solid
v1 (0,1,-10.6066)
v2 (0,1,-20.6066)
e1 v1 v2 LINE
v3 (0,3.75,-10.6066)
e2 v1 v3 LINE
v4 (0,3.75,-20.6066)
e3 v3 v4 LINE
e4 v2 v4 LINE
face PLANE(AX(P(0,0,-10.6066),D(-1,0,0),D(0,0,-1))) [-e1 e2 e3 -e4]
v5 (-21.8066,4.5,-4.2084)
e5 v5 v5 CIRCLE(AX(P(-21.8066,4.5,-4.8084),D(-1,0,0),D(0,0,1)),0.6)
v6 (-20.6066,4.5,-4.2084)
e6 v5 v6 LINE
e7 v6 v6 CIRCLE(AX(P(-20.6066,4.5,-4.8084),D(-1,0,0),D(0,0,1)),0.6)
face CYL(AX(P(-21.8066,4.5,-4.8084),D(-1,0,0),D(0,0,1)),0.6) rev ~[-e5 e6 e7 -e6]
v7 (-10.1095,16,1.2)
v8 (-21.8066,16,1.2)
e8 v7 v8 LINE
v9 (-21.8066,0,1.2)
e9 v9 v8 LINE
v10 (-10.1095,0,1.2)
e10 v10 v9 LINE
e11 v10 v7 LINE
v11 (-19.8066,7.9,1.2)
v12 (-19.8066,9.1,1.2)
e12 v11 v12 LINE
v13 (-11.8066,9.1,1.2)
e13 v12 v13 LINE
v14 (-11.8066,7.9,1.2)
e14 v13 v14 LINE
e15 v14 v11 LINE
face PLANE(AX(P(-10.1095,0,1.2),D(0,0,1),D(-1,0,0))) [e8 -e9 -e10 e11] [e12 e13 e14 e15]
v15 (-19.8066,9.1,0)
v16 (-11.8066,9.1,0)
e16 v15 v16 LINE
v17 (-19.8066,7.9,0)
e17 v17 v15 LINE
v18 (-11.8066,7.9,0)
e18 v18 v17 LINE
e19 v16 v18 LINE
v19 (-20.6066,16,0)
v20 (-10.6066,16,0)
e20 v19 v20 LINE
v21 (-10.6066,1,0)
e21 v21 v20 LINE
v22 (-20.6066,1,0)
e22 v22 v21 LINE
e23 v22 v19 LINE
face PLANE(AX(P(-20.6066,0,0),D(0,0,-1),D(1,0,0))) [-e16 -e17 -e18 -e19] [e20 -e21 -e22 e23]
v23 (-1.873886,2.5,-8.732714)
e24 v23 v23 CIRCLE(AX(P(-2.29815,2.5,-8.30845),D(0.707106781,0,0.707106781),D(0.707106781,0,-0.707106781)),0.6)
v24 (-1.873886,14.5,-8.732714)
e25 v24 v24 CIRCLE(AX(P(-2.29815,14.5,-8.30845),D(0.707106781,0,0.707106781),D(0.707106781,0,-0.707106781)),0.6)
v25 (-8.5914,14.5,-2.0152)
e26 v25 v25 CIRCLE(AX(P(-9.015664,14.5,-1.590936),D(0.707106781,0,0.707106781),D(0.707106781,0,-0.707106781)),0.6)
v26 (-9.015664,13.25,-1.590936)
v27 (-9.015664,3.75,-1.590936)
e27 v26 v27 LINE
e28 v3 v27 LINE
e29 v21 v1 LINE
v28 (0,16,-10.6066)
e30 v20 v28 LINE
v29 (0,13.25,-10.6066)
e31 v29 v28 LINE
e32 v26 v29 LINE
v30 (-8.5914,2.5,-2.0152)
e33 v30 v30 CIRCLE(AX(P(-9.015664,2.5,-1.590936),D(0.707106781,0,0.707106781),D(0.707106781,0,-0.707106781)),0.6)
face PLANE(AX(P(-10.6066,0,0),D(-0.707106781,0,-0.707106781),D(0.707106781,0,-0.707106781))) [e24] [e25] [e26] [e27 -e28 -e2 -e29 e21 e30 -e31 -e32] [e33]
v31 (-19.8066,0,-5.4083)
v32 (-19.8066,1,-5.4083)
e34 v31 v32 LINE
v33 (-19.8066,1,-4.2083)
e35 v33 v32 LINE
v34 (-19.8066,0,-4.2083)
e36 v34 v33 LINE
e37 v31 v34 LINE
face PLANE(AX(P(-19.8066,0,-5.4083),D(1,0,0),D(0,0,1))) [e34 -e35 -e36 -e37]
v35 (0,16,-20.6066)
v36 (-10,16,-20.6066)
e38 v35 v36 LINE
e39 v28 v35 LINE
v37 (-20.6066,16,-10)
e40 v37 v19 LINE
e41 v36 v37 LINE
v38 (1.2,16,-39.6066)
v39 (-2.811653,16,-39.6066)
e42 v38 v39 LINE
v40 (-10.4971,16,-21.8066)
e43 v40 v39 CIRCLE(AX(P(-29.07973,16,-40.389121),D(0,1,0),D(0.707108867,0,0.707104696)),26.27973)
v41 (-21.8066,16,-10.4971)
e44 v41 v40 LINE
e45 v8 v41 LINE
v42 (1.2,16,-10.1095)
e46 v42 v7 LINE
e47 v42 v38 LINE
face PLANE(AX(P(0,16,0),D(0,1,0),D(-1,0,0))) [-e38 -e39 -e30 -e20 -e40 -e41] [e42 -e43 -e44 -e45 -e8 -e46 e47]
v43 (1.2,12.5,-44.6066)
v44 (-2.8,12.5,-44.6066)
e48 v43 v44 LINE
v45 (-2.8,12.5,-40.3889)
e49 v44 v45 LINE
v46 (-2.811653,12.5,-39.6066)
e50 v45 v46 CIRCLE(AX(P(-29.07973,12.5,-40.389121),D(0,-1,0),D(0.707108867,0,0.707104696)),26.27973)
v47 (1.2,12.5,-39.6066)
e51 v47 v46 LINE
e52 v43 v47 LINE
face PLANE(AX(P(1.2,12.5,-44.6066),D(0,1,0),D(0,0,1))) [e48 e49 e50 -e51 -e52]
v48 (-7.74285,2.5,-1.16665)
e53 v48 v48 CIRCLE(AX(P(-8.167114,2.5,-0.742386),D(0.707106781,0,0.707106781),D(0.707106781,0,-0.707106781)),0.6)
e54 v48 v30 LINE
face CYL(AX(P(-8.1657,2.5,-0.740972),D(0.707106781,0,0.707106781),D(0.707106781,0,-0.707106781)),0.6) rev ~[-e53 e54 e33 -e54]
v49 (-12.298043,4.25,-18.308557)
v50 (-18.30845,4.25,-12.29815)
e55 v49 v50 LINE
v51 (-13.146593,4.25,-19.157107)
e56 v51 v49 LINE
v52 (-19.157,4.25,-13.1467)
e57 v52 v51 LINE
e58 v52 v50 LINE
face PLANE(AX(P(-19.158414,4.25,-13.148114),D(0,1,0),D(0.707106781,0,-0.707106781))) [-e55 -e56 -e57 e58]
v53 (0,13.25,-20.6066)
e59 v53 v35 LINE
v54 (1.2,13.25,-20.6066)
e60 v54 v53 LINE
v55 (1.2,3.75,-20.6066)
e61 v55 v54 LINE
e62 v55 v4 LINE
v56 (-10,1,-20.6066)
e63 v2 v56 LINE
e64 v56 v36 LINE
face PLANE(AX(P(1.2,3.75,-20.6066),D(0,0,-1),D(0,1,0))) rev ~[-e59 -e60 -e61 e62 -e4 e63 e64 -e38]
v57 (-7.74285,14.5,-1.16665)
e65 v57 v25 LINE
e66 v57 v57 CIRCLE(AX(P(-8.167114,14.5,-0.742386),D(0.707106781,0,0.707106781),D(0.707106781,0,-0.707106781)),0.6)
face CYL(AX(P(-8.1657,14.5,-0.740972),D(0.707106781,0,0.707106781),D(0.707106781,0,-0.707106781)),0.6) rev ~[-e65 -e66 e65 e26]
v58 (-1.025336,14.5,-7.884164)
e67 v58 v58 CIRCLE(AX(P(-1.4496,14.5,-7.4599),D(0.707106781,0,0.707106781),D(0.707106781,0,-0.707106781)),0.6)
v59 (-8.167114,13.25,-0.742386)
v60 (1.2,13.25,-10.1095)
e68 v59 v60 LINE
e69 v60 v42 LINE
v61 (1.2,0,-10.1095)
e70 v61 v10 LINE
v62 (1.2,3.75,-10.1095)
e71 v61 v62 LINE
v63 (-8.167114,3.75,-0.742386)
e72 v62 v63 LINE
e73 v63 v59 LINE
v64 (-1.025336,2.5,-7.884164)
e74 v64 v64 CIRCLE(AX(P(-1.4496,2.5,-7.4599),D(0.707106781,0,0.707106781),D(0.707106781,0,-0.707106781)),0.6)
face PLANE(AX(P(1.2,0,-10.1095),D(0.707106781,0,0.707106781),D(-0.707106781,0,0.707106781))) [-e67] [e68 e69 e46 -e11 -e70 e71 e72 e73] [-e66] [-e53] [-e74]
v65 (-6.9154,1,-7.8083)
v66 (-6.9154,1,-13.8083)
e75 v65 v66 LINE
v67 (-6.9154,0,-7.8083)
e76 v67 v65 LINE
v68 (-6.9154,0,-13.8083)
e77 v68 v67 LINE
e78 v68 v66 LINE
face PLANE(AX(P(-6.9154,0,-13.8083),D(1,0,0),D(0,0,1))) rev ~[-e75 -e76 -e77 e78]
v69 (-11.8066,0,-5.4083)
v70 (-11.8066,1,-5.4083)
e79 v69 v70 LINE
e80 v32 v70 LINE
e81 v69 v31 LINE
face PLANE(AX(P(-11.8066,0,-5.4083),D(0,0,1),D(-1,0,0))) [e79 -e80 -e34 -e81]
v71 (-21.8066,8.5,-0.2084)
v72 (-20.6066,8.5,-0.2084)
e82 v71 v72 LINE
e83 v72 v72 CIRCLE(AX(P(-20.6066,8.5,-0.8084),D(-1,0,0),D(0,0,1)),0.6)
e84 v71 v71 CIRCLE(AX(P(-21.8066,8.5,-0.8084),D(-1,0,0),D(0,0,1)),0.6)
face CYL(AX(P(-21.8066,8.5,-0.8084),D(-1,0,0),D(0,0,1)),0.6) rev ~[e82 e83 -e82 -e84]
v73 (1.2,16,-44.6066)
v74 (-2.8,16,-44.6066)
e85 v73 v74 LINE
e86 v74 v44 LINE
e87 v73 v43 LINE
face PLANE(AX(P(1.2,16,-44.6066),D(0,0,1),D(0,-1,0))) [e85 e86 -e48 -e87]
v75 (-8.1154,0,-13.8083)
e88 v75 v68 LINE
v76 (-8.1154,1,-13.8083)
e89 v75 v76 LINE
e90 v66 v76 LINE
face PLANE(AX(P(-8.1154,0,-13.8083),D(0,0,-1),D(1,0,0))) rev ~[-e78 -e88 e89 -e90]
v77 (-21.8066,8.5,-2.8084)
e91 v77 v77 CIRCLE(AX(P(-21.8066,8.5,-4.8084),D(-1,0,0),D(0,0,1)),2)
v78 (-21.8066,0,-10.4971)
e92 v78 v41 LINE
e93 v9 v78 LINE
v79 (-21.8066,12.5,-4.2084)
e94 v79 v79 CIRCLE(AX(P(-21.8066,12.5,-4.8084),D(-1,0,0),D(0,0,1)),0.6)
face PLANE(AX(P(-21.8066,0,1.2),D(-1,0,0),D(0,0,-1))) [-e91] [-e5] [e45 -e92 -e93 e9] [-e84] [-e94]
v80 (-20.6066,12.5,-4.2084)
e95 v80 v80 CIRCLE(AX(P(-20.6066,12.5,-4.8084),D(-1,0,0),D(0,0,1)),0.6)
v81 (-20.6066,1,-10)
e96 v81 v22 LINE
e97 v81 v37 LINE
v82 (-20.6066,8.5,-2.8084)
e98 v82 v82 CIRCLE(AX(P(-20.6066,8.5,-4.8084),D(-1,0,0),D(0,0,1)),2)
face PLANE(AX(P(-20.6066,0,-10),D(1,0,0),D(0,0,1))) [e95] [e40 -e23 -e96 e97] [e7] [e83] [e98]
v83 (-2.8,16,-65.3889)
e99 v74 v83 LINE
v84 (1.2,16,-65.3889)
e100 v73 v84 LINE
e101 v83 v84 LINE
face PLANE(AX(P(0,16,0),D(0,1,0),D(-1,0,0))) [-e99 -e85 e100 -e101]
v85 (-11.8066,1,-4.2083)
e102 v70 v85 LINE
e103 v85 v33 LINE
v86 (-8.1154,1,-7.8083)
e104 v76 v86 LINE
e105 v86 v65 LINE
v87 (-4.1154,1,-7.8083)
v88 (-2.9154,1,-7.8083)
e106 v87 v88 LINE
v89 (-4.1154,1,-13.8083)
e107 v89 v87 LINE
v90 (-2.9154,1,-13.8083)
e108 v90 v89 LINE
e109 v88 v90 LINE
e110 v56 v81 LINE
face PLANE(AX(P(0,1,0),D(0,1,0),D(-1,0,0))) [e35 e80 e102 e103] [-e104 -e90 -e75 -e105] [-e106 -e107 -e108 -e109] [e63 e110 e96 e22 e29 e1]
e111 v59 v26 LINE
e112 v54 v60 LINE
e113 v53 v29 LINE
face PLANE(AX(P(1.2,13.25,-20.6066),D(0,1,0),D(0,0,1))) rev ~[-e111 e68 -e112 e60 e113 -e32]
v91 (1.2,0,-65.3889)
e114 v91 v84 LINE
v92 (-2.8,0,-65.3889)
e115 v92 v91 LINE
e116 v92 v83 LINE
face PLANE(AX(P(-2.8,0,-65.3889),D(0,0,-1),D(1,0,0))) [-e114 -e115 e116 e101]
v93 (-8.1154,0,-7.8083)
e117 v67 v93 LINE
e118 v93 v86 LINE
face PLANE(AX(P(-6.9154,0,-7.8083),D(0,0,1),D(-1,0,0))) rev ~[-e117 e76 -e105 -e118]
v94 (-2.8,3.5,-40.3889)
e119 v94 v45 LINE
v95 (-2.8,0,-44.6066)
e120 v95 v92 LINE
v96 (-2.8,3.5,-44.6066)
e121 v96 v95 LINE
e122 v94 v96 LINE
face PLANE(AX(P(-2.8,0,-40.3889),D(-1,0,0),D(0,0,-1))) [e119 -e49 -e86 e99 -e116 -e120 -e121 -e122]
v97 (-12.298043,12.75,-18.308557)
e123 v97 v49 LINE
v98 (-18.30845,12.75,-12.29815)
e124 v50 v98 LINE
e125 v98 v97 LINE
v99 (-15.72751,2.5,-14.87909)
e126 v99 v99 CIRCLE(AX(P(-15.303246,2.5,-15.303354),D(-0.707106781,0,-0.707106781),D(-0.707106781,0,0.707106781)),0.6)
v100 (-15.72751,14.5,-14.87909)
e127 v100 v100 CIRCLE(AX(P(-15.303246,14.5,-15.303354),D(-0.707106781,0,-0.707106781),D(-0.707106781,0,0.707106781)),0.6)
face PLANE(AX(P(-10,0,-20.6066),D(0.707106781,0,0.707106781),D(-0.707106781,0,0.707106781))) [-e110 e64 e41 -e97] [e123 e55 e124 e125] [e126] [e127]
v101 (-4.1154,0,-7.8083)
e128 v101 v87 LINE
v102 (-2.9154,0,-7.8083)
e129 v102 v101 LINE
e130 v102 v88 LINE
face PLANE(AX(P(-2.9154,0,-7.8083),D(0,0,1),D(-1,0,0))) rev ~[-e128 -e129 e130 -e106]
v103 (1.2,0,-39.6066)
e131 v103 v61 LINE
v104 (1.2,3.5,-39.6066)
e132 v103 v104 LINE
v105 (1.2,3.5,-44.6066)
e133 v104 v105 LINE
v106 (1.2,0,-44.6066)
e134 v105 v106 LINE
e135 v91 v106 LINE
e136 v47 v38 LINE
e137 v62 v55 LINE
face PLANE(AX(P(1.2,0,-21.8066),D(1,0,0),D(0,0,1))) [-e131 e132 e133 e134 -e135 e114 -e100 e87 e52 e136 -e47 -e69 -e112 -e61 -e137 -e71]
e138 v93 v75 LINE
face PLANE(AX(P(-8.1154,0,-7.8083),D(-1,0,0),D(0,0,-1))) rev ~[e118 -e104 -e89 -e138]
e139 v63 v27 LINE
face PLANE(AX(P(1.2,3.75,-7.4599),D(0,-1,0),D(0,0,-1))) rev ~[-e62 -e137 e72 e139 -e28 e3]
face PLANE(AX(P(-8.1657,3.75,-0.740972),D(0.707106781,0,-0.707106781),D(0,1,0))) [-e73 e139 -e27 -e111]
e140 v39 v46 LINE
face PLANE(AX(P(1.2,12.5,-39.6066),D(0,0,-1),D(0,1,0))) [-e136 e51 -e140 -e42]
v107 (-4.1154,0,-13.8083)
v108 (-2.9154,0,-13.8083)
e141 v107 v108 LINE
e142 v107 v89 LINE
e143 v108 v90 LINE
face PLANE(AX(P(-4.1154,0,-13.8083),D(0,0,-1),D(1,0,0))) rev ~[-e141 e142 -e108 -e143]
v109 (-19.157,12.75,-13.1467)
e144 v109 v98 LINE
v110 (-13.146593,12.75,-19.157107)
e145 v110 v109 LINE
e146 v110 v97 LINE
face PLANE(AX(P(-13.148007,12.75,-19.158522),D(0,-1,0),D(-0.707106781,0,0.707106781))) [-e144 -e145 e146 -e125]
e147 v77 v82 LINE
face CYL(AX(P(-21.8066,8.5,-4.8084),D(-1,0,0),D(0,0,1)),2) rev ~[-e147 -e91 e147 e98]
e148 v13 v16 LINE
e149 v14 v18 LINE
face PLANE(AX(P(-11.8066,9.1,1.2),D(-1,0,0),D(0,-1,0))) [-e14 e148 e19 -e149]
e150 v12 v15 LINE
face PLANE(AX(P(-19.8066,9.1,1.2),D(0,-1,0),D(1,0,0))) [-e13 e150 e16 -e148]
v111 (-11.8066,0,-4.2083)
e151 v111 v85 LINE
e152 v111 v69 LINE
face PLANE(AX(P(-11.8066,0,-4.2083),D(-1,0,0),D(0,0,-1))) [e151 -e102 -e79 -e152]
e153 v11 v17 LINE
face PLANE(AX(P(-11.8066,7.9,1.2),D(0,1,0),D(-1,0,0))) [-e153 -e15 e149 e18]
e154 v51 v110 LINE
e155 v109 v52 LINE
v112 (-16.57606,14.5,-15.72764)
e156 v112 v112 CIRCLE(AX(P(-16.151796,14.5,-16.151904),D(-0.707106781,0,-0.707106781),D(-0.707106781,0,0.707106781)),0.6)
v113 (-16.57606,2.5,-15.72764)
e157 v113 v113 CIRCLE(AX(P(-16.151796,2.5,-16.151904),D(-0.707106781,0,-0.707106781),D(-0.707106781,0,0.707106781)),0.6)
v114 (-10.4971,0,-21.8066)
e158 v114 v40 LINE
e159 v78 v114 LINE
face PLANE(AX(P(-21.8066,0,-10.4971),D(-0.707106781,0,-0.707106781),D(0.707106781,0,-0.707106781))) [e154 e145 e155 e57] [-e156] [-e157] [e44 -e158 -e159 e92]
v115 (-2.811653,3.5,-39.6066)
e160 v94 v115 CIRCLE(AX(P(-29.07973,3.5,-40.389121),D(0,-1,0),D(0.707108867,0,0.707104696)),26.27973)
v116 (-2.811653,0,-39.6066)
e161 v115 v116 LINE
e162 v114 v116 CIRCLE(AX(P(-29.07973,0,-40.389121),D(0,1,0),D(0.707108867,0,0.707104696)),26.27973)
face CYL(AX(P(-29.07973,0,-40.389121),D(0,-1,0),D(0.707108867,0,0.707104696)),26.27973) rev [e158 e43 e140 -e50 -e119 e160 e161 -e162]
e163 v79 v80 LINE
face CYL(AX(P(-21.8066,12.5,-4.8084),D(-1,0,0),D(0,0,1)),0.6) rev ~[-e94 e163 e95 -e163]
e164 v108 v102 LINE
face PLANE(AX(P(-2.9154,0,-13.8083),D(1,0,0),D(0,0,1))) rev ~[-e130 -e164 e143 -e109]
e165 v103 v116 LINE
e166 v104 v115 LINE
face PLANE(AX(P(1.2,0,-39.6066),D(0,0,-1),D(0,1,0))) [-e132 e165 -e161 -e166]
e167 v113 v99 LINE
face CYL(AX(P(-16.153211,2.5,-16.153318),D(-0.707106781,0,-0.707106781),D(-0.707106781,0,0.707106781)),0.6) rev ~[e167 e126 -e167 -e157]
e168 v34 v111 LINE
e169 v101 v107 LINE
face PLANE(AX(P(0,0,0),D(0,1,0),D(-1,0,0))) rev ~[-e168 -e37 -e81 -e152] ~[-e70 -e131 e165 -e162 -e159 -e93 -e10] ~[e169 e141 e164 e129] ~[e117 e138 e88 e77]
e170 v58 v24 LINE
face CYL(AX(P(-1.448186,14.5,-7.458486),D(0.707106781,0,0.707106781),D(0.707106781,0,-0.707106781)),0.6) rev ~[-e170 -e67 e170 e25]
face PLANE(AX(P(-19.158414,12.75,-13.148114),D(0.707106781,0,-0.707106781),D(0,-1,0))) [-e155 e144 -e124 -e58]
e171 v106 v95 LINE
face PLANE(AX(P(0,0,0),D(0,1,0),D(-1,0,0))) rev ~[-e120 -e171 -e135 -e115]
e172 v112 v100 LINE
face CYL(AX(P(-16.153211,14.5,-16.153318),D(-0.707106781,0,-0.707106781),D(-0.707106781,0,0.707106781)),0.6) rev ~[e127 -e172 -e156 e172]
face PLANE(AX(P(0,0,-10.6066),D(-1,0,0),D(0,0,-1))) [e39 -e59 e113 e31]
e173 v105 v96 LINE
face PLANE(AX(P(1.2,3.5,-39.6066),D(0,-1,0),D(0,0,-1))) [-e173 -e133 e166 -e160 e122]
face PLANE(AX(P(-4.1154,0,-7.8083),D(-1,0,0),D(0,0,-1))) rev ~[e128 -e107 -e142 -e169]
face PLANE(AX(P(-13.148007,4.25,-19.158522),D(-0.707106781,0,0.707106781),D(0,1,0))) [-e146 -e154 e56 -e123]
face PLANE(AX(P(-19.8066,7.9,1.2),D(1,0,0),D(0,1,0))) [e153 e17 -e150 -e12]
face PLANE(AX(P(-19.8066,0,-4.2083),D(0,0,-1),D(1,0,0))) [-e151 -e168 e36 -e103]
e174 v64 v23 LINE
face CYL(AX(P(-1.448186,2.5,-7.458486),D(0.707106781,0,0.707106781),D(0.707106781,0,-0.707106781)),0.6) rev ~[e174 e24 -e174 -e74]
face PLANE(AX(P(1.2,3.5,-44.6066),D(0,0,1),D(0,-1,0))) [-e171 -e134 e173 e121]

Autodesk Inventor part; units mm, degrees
ref_plane "YZ Plane" through (0, 0, 0) normal (1, 0, 0) x (0, 1, 0)
ref_plane "XZ Plane" through (0, 0, 0) normal (0, 1, 0) x (-1, 0, 0)
ref_plane "XY Plane" through (0, 0, 0) normal (0, 0, 1) x (1, 0, 0)
sketch "Sketch1" plane through (0, 0, 0) normal (0, 1, 0) x (-1, 0, 0)
  line L0 (10.6066, 0) -> (0, -10.6066)
  line L1 (0, -10.6066) -> (0, -20.6066)
  line L2 (0, -20.6066) -> (10, -20.6066)
  line L3 (10, -20.6066) -> (20.6066, -10)
  line L4 (20.6066, -10) -> (20.6066, 0)
  line L5 (20.6066, 0) -> (10.6066, 0)
  line L6 (21.8066, 1.2) -> (21.8066, -10.4971)
  line L7 (21.8066, -10.4971) -> (10.4971, -21.8066)
  line L8 (10.4971, -21.8066) -> (-1.2, -21.8066)
  line L9 (-1.2, -21.8066) -> (-1.2, -10.1095)
  line L10 (-1.2, -10.1095) -> (10.1095, 1.2)
  line L11 (10.1095, 1.2) -> (21.8066, 1.2)
  line L12 (-1.2, -21.8066) -> (-1.2, -40.3889)
  line L13 (-1.2, -40.3889) -> (2.8, -40.3889)
  arc A0 (10.4971, -21.8066) -> (2.8, -40.3889) centre (29.0794, -40.3889) ccw
  line L14 (4.8083, -4.1012) -> (5.5154, -4.8083) construction
  line L15 (5.5154, -4.8083) -> (13.9559, -4.8083) construction
  line L16 (5.5154, -4.8083) -> (5.5154, -15.0259) construction
  line L17 (-1.2, -40.3889) -> (2.8, -40.3889)
  line L18 (2.8, -40.3889) -> (2.8, -65.3889)
  line L19 (2.8, -65.3889) -> (-1.2, -65.3889)
  line L20 (-1.2, -65.3889) -> (-1.2, -40.3889)
  point P0 (0, 0)
  point P1 (4.4548, -4.4548)
  dimension "d0" = 135
  dimension "d2" = 15
  dimension "d3" = 10
  dimension "d4" = 10
  dimension "d5" = 10
  dimension "d6" = 1.2
  dimension "d29" = 4
  dimension "d44" = 1
  dimension "d45" = 0.5
  dimension "d52" = 25
extrude "Extrusion1" add sketch "Sketch1" along normal blind 1 contours L5 L4 L3 L2 L1 L0
extrude "Extrusion2" add sketch "Sketch1" along normal blind 16
sketch "Sketch2" plane through (1.2, 0, -10.1095) normal (0.7071, 0, 0.7071) x (0.7071, 0, -0.7071)
  line L0 (-15.9941, 0) -> (0, 0) projected
  line L1 (0, 0) -> (0, 16) projected
  line L2 (-15.9941, 16) -> (0, 16) projected
  line L3 (-15.9941, 0) -> (-15.9941, 16) projected
  line L4 (-13.2471, 13.25) -> (-3.7471, 13.25)
  line L5 (-3.7471, 13.25) -> (-3.7471, 3.75)
  line L6 (-3.7471, 3.75) -> (-13.2471, 3.75)
  line L7 (-13.2471, 3.75) -> (-13.2471, 13.25)
  circle A0 centre (-13.2471, 14.5) radius 0.6
  circle A1 centre (-3.7471, 14.5) radius 0.6
  circle A2 centre (-3.7471, 2.5) radius 0.6
  circle A3 centre (-13.2471, 2.5) radius 0.6
  point P0 (-7.9971, 0)
  point P1 (-8.4971, 13.25)
  point P2 (-7.9971, 16)
  point P3 (-13.2471, 8.5)
  point P4 (-15.9941, 8)
  point P5 (-8.4971, 0)
  point P6 (-8.4971, 0)
  point P7 (-8.4971, 0)
  dimension "d11" = 0.5
  dimension "d12" = 9.5
  dimension "d13" = 6
  dimension "d14" = 6
  dimension "d15" = 1.2
extrude "Extrusion3" cut sketch "Sketch2" against normal blind 2 contours L4 L5 L6 L7 | A0 | A1 | A2 | A3
sketch "Sketch3" plane through (1.2, 0, -10.1095) normal (1, 0, 0) x (0, 0, -1)
  line L0 (-9.3671, 13.25) -> (-2.6496, 13.25) projected
  line L1 (-2.6496, 3.75) -> (-9.3671, 3.75) projected
  line L2 (-2.6496, 3.75) -> (10.4971, 3.75)
  line L3 (10.4971, 3.75) -> (10.4971, 13.25)
  line L4 (10.4971, 13.25) -> (-2.6496, 13.25)
  line L5 (-2.6496, 13.25) -> (-2.6496, 3.75)
  line L6 (10.4971, 1) -> (10.4971, 16) projected
  line L7 (0, 16) -> (55.2794, 16) projected
  line L8 (55.2794, 0) -> (55.2794, 16) projected
  line L9 (0, 0) -> (55.2794, 0) projected
  line L10 (34.4971, 0) -> (29.4971, 0)
  line L11 (29.4971, 0) -> (29.4971, 3.5)
  line L12 (29.4971, 3.5) -> (34.4971, 3.5)
  line L13 (34.4971, 3.5) -> (34.4971, 0)
  line L14 (29.4971, 16) -> (34.4971, 16)
  line L15 (34.4971, 16) -> (34.4971, 12.5)
  line L16 (34.4971, 12.5) -> (29.4971, 12.5)
  line L17 (29.4971, 12.5) -> (29.4971, 16)
  point P0 (-10.1095, 0)
  point P1 (55.2794, 8)
  dimension "d59" = 5
  dimension "d60" = 9
  dimension "d66" = 20.7823
extrude "Extrusion4" cut sketch "Sketch3" against normal up to next
sketch "Sketch4" plane through (-21.8066, 0, -10.4971) normal (-0.7071, 0, -0.7071) x (-0.7071, 0, 0.7071)
  line L0 (-15.9941, 0) -> (0, 0) projected
  line L1 (0, 0) -> (0, 16) projected
  line L2 (-15.9941, 16) -> (0, 16) projected
  line L3 (-15.9941, 0) -> (-15.9941, 16) projected
  line L4 (-12.2471, 12.75) -> (-3.7471, 12.75)
  line L5 (-3.7471, 12.75) -> (-3.7471, 4.25)
  line L6 (-3.7471, 4.25) -> (-12.2471, 4.25)
  line L7 (-12.2471, 4.25) -> (-12.2471, 12.75)
  circle A0 centre (-7.9971, 14.5) radius 0.6
  circle A1 centre (-7.9971, 2.5) radius 0.6
  point P0 (-7.9971, 0)
  point P1 (-7.9971, 12.75)
  point P2 (-7.9971, 16)
  point P3 (0, 8)
  point P4 (-3.7471, 8.5)
  point P5 (-12.2471, 8.5)
  dimension "d21" = 0.5
  dimension "d22" = 8.5
  dimension "d23" = 6
  dimension "d24" = 6
  dimension "d25" = 1.2
extrude "Extrusion5" cut sketch "Sketch4" against normal blind 2 contours L4 L5 L6 L7 | A0 | A1
sketch "Sketch5" plane through (-21.8066, 0, -10.4971) normal (-1, 0, 0) x (0, 0, 1)
  line L0 (10.4971, 1) -> (10.4971, 16) projected
  circle A0 centre (5.6887, 8.5) radius 2
  circle A1 centre (5.6887, 12.5) radius 0.6
  circle A2 centre (5.6887, 4.5) radius 0.6
  circle A3 centre (9.6887, 8.5) radius 0.6
  point P0 (10.4971, 0)
  point P1 (10.4971, 8.5)
  point P2 (5.6887, 0)
  point P3 (5.6887, 0)
  point P4 (5.6887, 0)
  dimension "d30" = 4
  dimension "d31" = 1.2
  dimension "d32" = 4
  dimension "d33" = 4
  dimension "d34" = 4
extrude "Extrusion6" cut sketch "Sketch5" against normal blind 2
sketch "Sketch6" plane through (0, 0, 0) normal (0, -1, 0) x (1, 0, 0)
  line L0 (-21.8066, -6.8083) -> (-21.8066, -2.8083) projected
  line L1 (-11.8066, -7.4083) -> (-19.8066, -7.4083)
  line L2 (-19.8066, -7.4083) -> (-19.8066, -6.2083)
  line L3 (-19.8066, -6.2083) -> (-11.8066, -6.2083)
  line L4 (-11.8066, -6.2083) -> (-11.8066, -7.4083)
  line L5 (-11.8066, -3.4083) -> (-19.8066, -3.4083)
  line L6 (-19.8066, -3.4083) -> (-19.8066, -2.2083)
  line L7 (-19.8066, -2.2083) -> (-11.8066, -2.2083)
  line L8 (-11.8066, -2.2083) -> (-11.8066, -3.4083)
  line L9 (-15.8066, -6.2083) -> (-15.8066, -3.4083) construction
  line L10 (-5.5154, -4.8083) -> (-13.9559, -4.8083) construction
  line L11 (-5.5154, -4.8083) -> (-5.5154, -15.0259) construction
  line L12 (-8.1154, -13.8083) -> (-6.9154, -13.8083)
  line L13 (-6.9154, -13.8083) -> (-6.9154, -7.8083)
  line L14 (-6.9154, -7.8083) -> (-8.1154, -7.8083)
  line L15 (-8.1154, -7.8083) -> (-8.1154, -13.8083)
  line L16 (-4.1154, -13.8083) -> (-2.9154, -13.8083)
  line L17 (-2.9154, -13.8083) -> (-2.9154, -7.8083)
  line L18 (-2.9154, -7.8083) -> (-4.1154, -7.8083)
  line L19 (-4.1154, -7.8083) -> (-4.1154, -13.8083)
  line L20 (-4.1154, -10.8083) -> (-6.9154, -10.8083) construction
  line L21 (-11.8066, -5.4083) -> (-19.8066, -5.4083)
  line L22 (-19.8066, -5.4083) -> (-19.8066, -4.2083)
  line L23 (-19.8066, -4.2083) -> (-11.8066, -4.2083)
  line L24 (-11.8066, -4.2083) -> (-11.8066, -5.4083)
  line L25 (-5.6154, -7.8083) -> (-5.4154, -7.8083)
  line L26 (-5.4154, -7.8083) -> (-5.4154, -13.8083)
  line L27 (-5.4154, -13.8083) -> (-5.6154, -13.8083)
  line L28 (-5.6154, -13.8083) -> (-5.6154, -7.8083)
  point P0 (0, 0)
  point P1 (-21.8066, -4.8083)
  point P2 (-19.8066, -2.8083)
  point P3 (-19.8066, -6.8083)
  point P4 (-15.8066, -7.4083)
  point P5 (-15.8066, -4.8083)
  point P6 (-5.5154, -10.8083)
  point P7 (-3.5154, -13.8083)
  point P8 (-7.5154, -13.8083)
  point P9 (-19.8066, -4.8083)
  point P10 (-5.5154, -7.8083)
  dimension "d38" = 1.2
  dimension "d39" = 4
  dimension "d40" = 8
  dimension "d41" = 6
  dimension "d46" = 1.2
  dimension "d47" = 6
  dimension "d48" = 4
  dimension "d49" = 3
  dimension "d51" = 1.3
  dimension "d62" = 1.2
extrude "Extrusion7" cut sketch "Sketch6" against normal blind 25.4 contours L15 L14 L13 L12 | L19 L18 L17 L16 | L21 L22 L23 L24
sketch "Sketch7" plane through (-21.8066, 0, 1.2) normal (0, 0, 1) x (1, 0, 0)
  line L0 (2, 0) -> (10, 0) projected
  line L1 (0, 6.5) -> (0, 10.5) projected
  line L2 (2, 9.1) -> (10, 9.1)
  line L3 (10, 9.1) -> (10, 7.9)
  line L4 (10, 7.9) -> (2, 7.9)
  line L5 (2, 7.9) -> (2, 9.1)
  point P0 (21.8066, 0)
  point P1 (2, 8.5)
  point P2 (0, 8.5)
  dimension "d63" = 1.2
extrude "Extrusion8" cut sketch "Sketch7" against normal up to next
properties part number "tactic2 chassis1"
